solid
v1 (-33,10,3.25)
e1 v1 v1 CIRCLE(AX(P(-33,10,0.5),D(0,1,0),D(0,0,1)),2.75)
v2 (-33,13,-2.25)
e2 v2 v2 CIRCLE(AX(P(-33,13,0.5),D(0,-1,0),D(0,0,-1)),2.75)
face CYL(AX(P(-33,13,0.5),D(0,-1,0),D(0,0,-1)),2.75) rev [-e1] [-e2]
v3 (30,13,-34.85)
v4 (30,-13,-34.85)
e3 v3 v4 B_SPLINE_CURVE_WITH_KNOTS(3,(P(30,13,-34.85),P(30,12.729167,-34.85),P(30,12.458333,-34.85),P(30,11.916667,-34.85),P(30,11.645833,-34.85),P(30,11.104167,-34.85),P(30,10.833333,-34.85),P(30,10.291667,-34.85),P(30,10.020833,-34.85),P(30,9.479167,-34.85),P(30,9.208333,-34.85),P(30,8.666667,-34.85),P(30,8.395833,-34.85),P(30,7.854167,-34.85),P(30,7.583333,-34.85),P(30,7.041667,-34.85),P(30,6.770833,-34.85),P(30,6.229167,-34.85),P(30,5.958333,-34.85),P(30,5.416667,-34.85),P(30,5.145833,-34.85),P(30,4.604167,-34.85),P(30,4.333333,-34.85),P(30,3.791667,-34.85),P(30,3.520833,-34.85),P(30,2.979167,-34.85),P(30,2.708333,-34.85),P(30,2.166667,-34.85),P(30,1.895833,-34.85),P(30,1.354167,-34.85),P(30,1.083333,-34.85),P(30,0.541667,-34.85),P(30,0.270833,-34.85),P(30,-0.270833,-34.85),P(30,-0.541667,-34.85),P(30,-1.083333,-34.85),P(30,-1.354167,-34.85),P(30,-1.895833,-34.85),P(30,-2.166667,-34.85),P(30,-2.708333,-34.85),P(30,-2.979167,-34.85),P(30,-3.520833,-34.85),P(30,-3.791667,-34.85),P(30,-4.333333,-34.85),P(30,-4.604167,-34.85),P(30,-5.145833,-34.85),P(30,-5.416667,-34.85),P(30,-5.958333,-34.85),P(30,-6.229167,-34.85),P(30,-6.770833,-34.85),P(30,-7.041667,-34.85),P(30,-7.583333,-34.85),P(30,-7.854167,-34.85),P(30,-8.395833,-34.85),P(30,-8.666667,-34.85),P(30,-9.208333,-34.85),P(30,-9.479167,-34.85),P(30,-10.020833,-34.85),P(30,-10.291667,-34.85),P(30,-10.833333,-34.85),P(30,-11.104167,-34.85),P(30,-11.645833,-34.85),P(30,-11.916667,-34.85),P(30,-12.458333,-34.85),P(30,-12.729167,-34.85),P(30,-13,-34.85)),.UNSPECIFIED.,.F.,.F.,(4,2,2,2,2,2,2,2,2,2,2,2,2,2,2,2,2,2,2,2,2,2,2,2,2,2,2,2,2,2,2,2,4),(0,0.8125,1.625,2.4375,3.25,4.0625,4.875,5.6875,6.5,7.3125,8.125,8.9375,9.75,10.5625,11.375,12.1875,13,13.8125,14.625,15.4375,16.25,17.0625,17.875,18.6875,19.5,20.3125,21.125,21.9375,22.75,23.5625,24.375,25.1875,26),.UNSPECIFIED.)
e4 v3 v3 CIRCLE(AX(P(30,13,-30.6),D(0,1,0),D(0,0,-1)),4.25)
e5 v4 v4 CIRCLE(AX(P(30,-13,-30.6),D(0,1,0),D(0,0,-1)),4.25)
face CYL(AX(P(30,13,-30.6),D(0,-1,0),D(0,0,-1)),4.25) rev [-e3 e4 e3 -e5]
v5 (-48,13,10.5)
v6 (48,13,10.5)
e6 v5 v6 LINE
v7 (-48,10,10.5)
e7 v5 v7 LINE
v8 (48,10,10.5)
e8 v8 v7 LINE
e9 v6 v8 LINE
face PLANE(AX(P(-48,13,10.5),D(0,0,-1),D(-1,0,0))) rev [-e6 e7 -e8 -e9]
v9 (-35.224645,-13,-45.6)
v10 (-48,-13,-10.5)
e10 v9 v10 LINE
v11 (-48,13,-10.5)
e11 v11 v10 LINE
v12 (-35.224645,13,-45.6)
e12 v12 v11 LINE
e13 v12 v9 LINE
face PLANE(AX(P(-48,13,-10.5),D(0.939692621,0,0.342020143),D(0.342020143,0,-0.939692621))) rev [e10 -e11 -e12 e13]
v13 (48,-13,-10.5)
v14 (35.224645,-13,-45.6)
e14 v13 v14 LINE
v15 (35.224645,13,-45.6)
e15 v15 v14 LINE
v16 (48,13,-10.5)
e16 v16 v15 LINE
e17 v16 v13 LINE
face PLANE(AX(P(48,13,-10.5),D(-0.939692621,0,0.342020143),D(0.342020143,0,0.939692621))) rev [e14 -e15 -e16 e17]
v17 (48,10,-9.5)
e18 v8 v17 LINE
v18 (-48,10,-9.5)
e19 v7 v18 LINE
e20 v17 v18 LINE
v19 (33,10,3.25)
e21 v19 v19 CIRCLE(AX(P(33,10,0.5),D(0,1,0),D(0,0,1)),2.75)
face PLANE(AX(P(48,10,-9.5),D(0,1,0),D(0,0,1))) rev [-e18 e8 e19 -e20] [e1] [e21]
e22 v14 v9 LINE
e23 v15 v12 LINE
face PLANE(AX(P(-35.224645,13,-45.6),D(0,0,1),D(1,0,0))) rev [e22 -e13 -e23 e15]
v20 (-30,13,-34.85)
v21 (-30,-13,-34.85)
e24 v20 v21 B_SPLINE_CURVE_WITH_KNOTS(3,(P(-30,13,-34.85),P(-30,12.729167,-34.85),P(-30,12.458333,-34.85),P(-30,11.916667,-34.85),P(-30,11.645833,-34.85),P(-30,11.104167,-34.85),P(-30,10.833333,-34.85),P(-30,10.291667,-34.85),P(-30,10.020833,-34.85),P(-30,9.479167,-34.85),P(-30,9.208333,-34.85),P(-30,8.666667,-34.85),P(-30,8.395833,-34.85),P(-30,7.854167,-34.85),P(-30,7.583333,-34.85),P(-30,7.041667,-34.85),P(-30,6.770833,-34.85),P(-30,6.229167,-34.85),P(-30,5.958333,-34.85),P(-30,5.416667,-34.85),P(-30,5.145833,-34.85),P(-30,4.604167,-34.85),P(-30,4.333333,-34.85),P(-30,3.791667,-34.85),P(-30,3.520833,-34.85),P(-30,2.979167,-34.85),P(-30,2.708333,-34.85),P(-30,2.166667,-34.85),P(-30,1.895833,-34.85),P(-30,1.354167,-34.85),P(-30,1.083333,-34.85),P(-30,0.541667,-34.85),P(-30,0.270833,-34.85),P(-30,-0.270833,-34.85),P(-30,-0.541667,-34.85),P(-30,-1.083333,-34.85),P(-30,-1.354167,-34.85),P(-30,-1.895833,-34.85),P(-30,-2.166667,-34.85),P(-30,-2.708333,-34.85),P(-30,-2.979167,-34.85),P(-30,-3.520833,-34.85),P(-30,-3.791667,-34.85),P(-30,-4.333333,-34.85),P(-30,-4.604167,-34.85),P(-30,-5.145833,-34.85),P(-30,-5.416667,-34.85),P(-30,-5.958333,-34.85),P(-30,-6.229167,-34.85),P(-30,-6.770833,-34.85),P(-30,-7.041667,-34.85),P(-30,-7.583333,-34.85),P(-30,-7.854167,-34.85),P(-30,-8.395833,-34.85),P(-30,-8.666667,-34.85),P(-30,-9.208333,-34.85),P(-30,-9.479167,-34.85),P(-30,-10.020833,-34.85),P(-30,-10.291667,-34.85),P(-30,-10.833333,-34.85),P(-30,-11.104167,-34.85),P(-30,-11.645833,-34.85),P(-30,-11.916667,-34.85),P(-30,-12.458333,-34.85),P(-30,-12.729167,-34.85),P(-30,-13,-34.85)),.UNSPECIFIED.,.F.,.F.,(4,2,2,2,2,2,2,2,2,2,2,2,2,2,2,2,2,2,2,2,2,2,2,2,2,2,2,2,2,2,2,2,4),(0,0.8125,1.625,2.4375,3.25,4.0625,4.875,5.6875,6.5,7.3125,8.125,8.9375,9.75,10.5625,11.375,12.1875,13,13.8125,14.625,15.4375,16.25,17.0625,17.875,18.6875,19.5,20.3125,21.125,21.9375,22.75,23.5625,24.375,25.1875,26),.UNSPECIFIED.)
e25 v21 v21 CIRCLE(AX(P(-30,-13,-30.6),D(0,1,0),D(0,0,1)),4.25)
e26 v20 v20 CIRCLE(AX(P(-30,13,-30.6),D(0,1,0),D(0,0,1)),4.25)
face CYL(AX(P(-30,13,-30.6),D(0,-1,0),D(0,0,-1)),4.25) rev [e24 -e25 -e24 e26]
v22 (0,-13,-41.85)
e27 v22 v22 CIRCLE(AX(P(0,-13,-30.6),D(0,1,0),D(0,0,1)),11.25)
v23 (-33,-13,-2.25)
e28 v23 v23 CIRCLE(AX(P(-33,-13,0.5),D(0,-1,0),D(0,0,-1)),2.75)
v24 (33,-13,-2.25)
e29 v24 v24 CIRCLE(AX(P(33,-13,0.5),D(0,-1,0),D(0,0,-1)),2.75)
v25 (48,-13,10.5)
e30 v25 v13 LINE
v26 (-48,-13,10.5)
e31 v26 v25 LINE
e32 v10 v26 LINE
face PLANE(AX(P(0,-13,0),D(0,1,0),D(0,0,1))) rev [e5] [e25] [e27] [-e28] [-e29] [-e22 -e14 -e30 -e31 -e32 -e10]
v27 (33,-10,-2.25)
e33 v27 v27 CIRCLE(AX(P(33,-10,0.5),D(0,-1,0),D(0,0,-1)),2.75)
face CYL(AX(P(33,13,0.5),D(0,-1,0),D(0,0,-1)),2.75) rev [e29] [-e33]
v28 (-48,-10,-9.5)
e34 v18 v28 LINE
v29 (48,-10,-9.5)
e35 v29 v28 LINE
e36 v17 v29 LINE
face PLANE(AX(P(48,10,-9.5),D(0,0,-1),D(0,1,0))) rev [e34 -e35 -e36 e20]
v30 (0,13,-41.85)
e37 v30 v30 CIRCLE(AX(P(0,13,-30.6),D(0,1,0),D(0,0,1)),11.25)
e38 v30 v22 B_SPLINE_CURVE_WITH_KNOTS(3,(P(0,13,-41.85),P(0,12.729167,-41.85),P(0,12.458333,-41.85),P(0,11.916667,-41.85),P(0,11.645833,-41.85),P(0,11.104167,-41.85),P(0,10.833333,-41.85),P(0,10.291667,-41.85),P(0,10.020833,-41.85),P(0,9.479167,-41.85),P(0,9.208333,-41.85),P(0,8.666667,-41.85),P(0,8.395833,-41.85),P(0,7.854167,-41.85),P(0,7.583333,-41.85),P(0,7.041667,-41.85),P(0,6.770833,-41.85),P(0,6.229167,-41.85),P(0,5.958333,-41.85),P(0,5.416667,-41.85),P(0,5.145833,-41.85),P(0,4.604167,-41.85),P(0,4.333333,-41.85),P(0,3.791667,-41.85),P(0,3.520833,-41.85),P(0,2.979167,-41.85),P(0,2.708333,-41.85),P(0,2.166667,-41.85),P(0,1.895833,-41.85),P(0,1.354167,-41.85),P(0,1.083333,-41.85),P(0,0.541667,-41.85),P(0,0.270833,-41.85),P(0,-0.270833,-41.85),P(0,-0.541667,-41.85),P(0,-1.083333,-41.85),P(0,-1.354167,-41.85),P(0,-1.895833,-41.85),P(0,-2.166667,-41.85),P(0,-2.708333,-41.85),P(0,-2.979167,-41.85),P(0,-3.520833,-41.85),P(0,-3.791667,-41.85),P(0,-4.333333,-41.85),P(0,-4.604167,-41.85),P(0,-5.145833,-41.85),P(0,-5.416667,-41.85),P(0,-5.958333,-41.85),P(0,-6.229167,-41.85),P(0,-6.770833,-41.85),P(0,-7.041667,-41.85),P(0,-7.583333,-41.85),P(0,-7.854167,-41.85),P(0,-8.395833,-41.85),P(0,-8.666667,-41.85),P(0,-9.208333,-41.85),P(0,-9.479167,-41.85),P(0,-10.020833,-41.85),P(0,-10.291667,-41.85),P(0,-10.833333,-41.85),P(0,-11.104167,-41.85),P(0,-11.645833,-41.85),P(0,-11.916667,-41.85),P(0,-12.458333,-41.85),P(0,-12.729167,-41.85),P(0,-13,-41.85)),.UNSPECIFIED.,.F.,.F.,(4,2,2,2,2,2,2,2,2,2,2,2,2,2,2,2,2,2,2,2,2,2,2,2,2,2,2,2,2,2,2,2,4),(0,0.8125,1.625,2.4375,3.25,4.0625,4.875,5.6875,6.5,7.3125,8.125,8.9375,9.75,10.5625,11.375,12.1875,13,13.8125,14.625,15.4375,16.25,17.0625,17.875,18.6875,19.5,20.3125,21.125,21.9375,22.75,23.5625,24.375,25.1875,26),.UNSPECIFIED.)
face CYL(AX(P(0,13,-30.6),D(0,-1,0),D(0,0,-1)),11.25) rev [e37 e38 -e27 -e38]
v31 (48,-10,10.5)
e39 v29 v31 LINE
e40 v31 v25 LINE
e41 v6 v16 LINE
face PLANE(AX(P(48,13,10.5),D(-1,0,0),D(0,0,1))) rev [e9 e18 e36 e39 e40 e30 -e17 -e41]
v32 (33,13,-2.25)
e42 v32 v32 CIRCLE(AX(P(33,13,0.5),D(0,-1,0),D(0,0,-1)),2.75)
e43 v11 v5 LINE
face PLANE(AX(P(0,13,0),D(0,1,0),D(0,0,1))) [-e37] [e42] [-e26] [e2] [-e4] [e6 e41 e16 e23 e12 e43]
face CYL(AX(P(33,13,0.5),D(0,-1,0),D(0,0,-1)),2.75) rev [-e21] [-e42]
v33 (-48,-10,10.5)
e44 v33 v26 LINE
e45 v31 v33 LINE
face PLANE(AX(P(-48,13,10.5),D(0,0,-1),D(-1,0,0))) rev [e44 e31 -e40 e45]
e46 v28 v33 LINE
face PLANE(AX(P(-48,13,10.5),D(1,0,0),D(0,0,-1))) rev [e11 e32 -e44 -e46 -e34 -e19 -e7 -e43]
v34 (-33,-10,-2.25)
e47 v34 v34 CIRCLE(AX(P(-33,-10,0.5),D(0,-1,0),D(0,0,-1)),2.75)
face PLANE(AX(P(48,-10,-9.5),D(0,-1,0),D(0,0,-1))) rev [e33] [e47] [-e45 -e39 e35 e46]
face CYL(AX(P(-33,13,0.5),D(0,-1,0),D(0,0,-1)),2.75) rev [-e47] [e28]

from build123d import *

# Parameters (mm, degrees)
SKETCH_1_R              = 11.25
SKETCH_1_R_2            = 4.25
EXTRUDE_1_DEPTH         = 13
SKETCH_2_W              = 20
SKETCH_2_H              = 20
CUT_EXTRUDE_1_DEPTH     = 108.071751643
CUT_EXTRUDE1_DEPTH      = 71.08823011
CUT_EXTRUDE1_DEPTH_BACK = 71.08823011
SKETCH1_R               = 2.75


with BuildPart() as part:
    # Эскиз1 → Бобышка-Вытянуть1 (new, symmetric)
    with BuildSketch(Plane(origin=(0, 0, 0), x_dir=(1, 0, 0), z_dir=(0, 1, 0))):
        Polygon((-48, -10.5), (48, -10.5), (48, 10.5), (35.224644777, 45.6), (0, 45.6), (-35.224644777, 45.6), (-48, 10.5), align=None)
        with Locations(Location((0, 30.6, 0), (0, 0, 90))):
            Circle(SKETCH_1_R, mode=Mode.SUBTRACT)
        with Locations(Location((-30, 30.6, 0), (0, 0, 90))):
            Circle(SKETCH_1_R_2, mode=Mode.SUBTRACT)
        with Locations(Location((30, 30.6, 0), (0, 0, 90))):
            Circle(SKETCH_1_R_2, mode=Mode.SUBTRACT)
    extrude(amount=EXTRUDE_1_DEPTH, both=True)

    # Эскиз2 → Вырез-Вытянуть1 (cut, through all)
    with BuildSketch(Plane.ZY.offset(48)):
        with Locations((0.5, 0)):
            Rectangle(SKETCH_2_W, SKETCH_2_H)
    extrude(amount=-CUT_EXTRUDE_1_DEPTH, mode=Mode.SUBTRACT)

    # Sketch1 → Cut-Extrude1 (cut, two sides: drawn at the far end of the back side and taken through both)
    with BuildSketch(Plane.XZ.offset(-10).offset(-CUT_EXTRUDE1_DEPTH_BACK)):
        with Locations(Location((-33, 0.5, 0), (0, 0, 270))):
            Circle(SKETCH1_R)
        with Locations(Location((33, 0.5, 0), (0, 0, 270))):
            Circle(SKETCH1_R)
    extrude(amount=CUT_EXTRUDE1_DEPTH + CUT_EXTRUDE1_DEPTH_BACK, mode=Mode.SUBTRACT)


solid = part.part
